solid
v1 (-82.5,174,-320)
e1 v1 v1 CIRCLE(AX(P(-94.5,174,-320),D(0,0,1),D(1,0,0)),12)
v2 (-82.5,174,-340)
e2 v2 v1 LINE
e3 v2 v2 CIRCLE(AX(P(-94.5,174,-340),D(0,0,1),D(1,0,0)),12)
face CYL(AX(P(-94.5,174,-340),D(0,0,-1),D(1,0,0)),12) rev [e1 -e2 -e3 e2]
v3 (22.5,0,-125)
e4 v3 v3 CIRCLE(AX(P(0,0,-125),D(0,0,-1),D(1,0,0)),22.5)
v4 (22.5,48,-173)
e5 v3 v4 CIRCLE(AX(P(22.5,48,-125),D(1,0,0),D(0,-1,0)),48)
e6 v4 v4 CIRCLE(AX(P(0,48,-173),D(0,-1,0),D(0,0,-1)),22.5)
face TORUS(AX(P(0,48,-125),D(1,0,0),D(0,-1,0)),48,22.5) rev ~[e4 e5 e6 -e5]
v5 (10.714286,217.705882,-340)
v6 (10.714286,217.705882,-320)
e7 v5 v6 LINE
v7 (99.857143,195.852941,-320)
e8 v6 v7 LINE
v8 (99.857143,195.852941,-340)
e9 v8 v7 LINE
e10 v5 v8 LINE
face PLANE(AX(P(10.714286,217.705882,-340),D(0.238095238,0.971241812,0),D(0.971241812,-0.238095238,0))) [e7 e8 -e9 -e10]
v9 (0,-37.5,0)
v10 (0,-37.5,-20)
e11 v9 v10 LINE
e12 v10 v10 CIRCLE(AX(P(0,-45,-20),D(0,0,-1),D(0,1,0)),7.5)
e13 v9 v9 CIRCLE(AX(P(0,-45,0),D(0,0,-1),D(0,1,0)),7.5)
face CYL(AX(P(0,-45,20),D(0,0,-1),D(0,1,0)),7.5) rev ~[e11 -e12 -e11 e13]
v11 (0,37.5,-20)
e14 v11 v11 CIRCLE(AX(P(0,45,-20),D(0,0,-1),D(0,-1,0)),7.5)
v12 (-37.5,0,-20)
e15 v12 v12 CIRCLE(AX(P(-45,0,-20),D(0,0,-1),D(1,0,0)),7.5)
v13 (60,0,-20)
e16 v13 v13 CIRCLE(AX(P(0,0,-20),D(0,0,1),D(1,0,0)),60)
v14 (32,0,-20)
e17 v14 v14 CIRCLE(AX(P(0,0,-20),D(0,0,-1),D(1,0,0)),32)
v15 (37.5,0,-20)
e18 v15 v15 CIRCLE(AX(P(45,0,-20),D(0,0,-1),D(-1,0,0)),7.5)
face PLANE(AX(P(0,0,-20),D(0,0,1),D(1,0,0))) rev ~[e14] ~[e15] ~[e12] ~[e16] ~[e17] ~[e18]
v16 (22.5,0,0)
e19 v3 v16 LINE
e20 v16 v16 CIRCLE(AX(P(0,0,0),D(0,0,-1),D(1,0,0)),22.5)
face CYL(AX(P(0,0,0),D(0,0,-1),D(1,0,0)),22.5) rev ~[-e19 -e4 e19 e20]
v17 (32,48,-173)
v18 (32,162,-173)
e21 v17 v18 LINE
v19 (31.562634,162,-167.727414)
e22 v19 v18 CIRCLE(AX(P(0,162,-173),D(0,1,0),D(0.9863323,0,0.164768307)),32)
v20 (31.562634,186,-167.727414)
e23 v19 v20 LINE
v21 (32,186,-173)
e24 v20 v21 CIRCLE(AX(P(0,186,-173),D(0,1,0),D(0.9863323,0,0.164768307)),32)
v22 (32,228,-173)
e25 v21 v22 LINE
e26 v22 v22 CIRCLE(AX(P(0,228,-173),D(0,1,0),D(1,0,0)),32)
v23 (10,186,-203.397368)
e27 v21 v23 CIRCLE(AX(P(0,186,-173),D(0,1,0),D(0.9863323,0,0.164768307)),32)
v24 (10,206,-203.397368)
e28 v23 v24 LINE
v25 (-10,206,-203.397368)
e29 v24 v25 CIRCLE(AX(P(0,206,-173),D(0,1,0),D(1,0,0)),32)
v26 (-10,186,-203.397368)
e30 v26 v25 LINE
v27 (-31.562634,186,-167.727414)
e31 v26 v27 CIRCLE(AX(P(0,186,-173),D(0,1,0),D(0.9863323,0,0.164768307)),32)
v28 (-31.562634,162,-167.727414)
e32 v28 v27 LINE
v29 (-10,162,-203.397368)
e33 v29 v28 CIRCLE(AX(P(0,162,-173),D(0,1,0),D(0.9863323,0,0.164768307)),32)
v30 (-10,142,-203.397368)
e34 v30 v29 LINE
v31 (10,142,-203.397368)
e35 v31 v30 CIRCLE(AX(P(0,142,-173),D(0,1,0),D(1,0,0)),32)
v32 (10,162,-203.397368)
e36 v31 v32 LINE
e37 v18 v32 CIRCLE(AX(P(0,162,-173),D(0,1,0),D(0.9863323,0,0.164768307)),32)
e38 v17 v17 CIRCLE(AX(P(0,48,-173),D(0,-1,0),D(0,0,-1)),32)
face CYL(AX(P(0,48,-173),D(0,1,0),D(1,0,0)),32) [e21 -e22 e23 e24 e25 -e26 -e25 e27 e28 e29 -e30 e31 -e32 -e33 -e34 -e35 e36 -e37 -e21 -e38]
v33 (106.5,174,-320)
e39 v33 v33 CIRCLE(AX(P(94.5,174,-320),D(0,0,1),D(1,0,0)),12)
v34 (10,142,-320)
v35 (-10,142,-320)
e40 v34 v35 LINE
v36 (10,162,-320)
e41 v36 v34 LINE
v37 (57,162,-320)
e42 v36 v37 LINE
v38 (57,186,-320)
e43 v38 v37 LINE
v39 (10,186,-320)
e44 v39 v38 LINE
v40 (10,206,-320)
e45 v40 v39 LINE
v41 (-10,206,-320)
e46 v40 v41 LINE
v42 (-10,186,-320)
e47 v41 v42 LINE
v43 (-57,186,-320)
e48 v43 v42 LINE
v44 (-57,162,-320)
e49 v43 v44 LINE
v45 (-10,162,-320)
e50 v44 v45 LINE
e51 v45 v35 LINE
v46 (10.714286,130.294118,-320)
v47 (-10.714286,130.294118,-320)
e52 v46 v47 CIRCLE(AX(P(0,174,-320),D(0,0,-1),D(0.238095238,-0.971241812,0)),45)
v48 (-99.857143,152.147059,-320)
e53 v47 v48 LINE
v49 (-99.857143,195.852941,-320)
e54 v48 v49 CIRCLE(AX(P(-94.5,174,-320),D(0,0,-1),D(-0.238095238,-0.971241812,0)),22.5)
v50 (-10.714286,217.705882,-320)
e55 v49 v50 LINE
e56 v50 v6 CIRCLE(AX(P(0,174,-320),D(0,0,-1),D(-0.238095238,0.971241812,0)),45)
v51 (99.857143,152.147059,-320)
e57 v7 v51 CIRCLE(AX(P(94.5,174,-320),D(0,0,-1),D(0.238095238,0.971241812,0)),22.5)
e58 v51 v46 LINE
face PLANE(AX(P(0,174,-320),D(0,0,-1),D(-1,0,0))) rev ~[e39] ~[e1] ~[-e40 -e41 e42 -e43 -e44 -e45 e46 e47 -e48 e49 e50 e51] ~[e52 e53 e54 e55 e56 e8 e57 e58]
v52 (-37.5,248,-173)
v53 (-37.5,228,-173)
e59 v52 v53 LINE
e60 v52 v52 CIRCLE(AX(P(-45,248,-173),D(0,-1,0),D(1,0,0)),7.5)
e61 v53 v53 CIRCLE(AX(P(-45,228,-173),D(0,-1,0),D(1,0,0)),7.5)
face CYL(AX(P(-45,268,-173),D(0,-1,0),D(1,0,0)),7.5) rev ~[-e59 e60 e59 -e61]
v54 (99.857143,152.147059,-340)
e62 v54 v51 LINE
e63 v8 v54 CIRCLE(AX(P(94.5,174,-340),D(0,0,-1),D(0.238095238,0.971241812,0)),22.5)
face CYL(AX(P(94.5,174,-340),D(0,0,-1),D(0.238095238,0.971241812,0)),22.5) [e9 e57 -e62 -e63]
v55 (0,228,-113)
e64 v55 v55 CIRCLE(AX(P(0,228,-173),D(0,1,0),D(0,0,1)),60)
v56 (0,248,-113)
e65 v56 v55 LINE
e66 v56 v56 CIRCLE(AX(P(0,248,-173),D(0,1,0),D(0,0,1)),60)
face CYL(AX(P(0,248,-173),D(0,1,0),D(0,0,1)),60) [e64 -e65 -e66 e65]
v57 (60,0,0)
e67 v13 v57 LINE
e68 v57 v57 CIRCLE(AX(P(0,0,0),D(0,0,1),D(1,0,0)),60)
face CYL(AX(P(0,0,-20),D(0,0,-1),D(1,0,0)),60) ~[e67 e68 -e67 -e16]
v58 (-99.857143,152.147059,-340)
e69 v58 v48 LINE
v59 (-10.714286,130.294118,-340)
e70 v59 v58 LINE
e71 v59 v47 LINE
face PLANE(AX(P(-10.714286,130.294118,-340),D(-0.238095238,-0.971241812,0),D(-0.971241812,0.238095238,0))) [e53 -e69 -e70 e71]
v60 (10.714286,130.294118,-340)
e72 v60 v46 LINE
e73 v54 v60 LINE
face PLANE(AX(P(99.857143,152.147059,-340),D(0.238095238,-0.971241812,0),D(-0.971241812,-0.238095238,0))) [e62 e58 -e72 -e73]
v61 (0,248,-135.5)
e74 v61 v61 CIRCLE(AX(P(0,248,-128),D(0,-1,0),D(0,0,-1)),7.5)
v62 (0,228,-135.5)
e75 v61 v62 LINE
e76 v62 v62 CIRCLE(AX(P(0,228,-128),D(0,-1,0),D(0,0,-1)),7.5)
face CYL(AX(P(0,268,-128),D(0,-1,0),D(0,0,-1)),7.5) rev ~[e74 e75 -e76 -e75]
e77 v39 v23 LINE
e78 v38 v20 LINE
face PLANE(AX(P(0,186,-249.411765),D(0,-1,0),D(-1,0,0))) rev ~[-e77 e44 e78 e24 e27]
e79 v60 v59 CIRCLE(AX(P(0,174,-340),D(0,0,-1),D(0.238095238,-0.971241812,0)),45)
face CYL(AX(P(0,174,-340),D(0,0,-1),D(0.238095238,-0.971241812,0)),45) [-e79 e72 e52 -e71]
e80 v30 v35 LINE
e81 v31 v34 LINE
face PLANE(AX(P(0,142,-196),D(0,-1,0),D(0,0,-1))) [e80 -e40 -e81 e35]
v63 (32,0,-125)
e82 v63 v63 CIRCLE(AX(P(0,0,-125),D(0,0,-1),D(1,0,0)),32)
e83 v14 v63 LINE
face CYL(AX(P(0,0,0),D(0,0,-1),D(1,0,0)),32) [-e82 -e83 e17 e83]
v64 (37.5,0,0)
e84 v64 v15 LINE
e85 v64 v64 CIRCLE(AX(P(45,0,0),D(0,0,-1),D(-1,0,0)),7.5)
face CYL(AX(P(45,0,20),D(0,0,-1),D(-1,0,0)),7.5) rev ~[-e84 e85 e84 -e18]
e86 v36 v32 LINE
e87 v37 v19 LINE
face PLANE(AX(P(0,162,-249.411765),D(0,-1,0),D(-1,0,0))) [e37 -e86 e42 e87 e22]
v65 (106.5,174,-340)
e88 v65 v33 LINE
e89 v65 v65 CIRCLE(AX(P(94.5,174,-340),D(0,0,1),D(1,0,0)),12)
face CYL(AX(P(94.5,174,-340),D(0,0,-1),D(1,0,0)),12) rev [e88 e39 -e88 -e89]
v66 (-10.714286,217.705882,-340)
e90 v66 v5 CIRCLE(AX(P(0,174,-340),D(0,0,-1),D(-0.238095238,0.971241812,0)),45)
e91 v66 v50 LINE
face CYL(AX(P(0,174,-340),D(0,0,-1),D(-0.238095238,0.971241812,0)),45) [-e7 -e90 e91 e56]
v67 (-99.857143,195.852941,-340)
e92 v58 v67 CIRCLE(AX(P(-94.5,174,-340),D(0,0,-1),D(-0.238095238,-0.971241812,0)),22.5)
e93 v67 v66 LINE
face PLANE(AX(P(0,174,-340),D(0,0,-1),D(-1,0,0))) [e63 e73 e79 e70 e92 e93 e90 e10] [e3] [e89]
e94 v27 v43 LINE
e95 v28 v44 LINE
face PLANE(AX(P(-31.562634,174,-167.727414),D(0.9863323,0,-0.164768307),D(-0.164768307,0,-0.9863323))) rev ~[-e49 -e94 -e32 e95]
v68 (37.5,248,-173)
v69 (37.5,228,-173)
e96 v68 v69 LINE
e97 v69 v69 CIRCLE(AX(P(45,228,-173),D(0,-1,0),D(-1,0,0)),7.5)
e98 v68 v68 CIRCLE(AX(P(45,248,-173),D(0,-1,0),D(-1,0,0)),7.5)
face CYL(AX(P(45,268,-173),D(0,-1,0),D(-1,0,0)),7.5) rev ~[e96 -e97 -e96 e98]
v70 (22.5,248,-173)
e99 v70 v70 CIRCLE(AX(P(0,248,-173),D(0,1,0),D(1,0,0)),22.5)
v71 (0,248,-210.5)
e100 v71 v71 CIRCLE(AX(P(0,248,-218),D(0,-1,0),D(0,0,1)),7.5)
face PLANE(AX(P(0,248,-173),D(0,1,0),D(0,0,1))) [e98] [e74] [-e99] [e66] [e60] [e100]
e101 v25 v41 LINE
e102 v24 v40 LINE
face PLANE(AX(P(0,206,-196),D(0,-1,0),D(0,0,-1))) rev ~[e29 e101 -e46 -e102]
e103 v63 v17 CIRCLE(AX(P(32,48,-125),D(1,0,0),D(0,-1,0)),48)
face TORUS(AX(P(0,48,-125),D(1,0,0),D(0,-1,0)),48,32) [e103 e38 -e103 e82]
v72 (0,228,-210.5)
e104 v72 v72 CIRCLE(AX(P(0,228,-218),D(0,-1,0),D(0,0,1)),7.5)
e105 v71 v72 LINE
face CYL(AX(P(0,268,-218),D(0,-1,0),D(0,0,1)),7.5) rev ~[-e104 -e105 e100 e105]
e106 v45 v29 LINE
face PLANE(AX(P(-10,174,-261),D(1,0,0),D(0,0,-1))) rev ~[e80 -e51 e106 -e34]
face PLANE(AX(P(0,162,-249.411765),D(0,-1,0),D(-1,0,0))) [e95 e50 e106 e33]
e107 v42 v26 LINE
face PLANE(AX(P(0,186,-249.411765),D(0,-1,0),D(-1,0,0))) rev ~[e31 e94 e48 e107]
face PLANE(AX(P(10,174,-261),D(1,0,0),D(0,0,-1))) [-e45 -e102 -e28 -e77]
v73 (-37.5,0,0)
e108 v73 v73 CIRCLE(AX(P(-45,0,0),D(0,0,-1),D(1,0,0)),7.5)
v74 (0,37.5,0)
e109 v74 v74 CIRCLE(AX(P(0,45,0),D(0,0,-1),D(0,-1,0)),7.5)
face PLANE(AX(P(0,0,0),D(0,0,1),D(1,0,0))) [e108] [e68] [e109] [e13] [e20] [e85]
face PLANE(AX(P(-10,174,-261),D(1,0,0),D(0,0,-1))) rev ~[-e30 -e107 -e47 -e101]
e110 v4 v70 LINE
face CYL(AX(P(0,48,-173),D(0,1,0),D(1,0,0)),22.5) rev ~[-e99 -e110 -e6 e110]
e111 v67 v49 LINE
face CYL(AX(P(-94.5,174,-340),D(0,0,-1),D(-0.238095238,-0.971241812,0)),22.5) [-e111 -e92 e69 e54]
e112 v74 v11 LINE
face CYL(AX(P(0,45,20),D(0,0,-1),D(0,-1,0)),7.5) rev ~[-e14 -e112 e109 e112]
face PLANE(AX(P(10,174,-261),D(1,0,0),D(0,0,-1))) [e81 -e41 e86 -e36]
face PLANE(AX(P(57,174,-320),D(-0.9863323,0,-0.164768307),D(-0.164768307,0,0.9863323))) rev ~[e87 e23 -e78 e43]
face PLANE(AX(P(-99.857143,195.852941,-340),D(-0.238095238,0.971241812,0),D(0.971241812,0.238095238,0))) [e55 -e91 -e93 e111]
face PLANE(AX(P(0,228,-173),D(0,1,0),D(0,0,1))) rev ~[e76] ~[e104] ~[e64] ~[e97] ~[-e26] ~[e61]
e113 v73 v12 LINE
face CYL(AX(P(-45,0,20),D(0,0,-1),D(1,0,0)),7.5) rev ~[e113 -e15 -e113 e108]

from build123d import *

# Parameters (mm, degrees)
SKETCH1_R           = 32
SKETCH1_R_2         = 22.5
SKETCH4_R           = 60
SKETCH4_R_2         = 22.5
BOSS_EXTRUDE1_DEPTH = 20
BOSS_EXTRUDE2_START = -20
SKETCH5_R           = 60
SKETCH5_R_2         = 22.5
BOSS_EXTRUDE2_DEPTH = 20
HOLE1_D             = 15
HOLE1_DEPTH         = 20
CIRPATTERN1_COUNT   = 4
HOLE2_D             = 15
HOLE2_DEPTH         = 20
CIRPATTERN2_COUNT   = 4
SKETCH10_R          = 12
BOSS_EXTRUDE3_DEPTH = 20
BOSS_EXTRUDE4_DEPTH = 12
SKETCH13_W          = 130
SKETCH13_H          = 64
BOSS_EXTRUDE6_DEPTH = 10


with BuildPart() as part:
    # Sweep1: sweep along a path in Sketch3
    with BuildLine(Plane(origin=(0, 0, 0), x_dir=(0, 0, -1), z_dir=(1, 0, 0))) as sweep1_path:
        Line((0, 0), (125, 0))
        ThreePointArc((125, 0), (158.941125497, 14.058874503), (173, 48))
        Line((173, 48), (173, 248))
    # Sketch1 → Sweep1 (sweep)
    with BuildSketch(Plane.XY):
        Circle(SKETCH1_R)
        Circle(SKETCH1_R_2, mode=Mode.SUBTRACT)
    sweep(path=sweep1_path.line)

    # Sketch4 → Boss-Extrude1 (add)
    with BuildSketch(Plane(origin=(0, 248, 0), x_dir=(1, 0, 0), z_dir=(0, 1, 0))):
        with Locations(Location((0, 173, 0), (0, 0, 270))):
            Circle(SKETCH4_R)
        with Locations((0, 173)):
            Circle(SKETCH4_R_2, mode=Mode.SUBTRACT)
    extrude(amount=-BOSS_EXTRUDE1_DEPTH)

    # Sketch5 → Boss-Extrude2 (add)
    with BuildSketch(Plane.XY.offset(BOSS_EXTRUDE2_START)):
        Circle(SKETCH5_R)
        with Locations(Location((0, 0, 0), (0, 0, 270))):
            Circle(SKETCH5_R_2, mode=Mode.SUBTRACT)
    extrude(amount=BOSS_EXTRUDE2_DEPTH)

    # Hole1
    with Locations(Plane.XY):
        with Locations((45, 0)):
            hole1 = Hole(HOLE1_D / 2, depth=HOLE1_DEPTH)

    # CirPattern1: Hole1 ×4 about axis
    cirpattern1_axis = Axis((0, 0, 0), (0, 0, 1))
    for i in range(1, CIRPATTERN1_COUNT):
        add(hole1.rotate(cirpattern1_axis, i * 360 / CIRPATTERN1_COUNT), mode=Mode.SUBTRACT)

    # Hole2
    with Locations(Plane(origin=(0, 248, 0), x_dir=(1, 0, 0), z_dir=(0, 1, 0))):
        with Locations((45, 173)):
            hole2 = Hole(HOLE2_D / 2, depth=HOLE2_DEPTH)

    # CirPattern2: Hole2 ×4 about axis
    cirpattern2_axis = Axis((0, 0, -173), (0, 1, 0))
    for i in range(1, CIRPATTERN2_COUNT):
        add(hole2.rotate(cirpattern2_axis, i * 360 / CIRPATTERN2_COUNT), mode=Mode.SUBTRACT)



with BuildPart() as body_2:
    # Sketch10 → Boss-Extrude3 (new body)
    with BuildSketch(Plane.XY.offset(-340)):
        with BuildLine():
            Line((-99.857142857, 195.852940773), (-10.714285714, 217.705881545))
            ThreePointArc((-10.714285714, 217.705881545), (0, 219), (10.714285714, 217.705881545))
            Line((10.714285714, 217.705881545), (99.857142857, 195.852940773))
            ThreePointArc((99.857142857, 195.852940773), (117, 174), (99.857142857, 152.147059227))
            Line((99.857142857, 152.147059227), (10.714285714, 130.294118455))
            ThreePointArc((10.714285714, 130.294118455), (0, 129), (-10.714285714, 130.294118455))
            Line((-10.714285714, 130.294118455), (-99.857142857, 152.147059227))
            ThreePointArc((-99.857142857, 152.147059227), (-117, 174), (-99.857142857, 195.852940773))
        make_face()
        with Locations((-94.5, 174)):
            Circle(SKETCH10_R, mode=Mode.SUBTRACT)
        with Locations((94.5, 174)):
            Circle(SKETCH10_R, mode=Mode.SUBTRACT)
    extrude(amount=BOSS_EXTRUDE3_DEPTH)


with BuildPart() as part_1:
    add(part.part)

    add(body_2.part)  # Boss-Extrude4 merges body 2
    # Sketch12 → Boss-Extrude4 (add, symmetric)
    with BuildSketch(Plane(origin=(0, 174, 0), x_dir=(1, 0, 0), z_dir=(0, 1, 0))):
        with BuildLine():
            Line((-31.562633586, 167.727414188), (-57, 320))
            Line((-57, 320), (57, 320))
            Line((57, 320), (31.562633586, 167.727414188))
            ThreePointArc((31.562633586, 167.727414188), (0, 205), (-31.562633586, 167.727414188))
        make_face()
    extrude(amount=BOSS_EXTRUDE4_DEPTH, both=True)

    # Sketch13 → Boss-Extrude6 (add, symmetric)
    with BuildSketch(Plane(origin=(0, 0, 0), x_dir=(0, 0, -1), z_dir=(1, 0, 0))):
        with Locations((261, 174)):
            Rectangle(SKETCH13_W, SKETCH13_H)
    extrude(amount=BOSS_EXTRUDE6_DEPTH, both=True)


solid = part_1.part
